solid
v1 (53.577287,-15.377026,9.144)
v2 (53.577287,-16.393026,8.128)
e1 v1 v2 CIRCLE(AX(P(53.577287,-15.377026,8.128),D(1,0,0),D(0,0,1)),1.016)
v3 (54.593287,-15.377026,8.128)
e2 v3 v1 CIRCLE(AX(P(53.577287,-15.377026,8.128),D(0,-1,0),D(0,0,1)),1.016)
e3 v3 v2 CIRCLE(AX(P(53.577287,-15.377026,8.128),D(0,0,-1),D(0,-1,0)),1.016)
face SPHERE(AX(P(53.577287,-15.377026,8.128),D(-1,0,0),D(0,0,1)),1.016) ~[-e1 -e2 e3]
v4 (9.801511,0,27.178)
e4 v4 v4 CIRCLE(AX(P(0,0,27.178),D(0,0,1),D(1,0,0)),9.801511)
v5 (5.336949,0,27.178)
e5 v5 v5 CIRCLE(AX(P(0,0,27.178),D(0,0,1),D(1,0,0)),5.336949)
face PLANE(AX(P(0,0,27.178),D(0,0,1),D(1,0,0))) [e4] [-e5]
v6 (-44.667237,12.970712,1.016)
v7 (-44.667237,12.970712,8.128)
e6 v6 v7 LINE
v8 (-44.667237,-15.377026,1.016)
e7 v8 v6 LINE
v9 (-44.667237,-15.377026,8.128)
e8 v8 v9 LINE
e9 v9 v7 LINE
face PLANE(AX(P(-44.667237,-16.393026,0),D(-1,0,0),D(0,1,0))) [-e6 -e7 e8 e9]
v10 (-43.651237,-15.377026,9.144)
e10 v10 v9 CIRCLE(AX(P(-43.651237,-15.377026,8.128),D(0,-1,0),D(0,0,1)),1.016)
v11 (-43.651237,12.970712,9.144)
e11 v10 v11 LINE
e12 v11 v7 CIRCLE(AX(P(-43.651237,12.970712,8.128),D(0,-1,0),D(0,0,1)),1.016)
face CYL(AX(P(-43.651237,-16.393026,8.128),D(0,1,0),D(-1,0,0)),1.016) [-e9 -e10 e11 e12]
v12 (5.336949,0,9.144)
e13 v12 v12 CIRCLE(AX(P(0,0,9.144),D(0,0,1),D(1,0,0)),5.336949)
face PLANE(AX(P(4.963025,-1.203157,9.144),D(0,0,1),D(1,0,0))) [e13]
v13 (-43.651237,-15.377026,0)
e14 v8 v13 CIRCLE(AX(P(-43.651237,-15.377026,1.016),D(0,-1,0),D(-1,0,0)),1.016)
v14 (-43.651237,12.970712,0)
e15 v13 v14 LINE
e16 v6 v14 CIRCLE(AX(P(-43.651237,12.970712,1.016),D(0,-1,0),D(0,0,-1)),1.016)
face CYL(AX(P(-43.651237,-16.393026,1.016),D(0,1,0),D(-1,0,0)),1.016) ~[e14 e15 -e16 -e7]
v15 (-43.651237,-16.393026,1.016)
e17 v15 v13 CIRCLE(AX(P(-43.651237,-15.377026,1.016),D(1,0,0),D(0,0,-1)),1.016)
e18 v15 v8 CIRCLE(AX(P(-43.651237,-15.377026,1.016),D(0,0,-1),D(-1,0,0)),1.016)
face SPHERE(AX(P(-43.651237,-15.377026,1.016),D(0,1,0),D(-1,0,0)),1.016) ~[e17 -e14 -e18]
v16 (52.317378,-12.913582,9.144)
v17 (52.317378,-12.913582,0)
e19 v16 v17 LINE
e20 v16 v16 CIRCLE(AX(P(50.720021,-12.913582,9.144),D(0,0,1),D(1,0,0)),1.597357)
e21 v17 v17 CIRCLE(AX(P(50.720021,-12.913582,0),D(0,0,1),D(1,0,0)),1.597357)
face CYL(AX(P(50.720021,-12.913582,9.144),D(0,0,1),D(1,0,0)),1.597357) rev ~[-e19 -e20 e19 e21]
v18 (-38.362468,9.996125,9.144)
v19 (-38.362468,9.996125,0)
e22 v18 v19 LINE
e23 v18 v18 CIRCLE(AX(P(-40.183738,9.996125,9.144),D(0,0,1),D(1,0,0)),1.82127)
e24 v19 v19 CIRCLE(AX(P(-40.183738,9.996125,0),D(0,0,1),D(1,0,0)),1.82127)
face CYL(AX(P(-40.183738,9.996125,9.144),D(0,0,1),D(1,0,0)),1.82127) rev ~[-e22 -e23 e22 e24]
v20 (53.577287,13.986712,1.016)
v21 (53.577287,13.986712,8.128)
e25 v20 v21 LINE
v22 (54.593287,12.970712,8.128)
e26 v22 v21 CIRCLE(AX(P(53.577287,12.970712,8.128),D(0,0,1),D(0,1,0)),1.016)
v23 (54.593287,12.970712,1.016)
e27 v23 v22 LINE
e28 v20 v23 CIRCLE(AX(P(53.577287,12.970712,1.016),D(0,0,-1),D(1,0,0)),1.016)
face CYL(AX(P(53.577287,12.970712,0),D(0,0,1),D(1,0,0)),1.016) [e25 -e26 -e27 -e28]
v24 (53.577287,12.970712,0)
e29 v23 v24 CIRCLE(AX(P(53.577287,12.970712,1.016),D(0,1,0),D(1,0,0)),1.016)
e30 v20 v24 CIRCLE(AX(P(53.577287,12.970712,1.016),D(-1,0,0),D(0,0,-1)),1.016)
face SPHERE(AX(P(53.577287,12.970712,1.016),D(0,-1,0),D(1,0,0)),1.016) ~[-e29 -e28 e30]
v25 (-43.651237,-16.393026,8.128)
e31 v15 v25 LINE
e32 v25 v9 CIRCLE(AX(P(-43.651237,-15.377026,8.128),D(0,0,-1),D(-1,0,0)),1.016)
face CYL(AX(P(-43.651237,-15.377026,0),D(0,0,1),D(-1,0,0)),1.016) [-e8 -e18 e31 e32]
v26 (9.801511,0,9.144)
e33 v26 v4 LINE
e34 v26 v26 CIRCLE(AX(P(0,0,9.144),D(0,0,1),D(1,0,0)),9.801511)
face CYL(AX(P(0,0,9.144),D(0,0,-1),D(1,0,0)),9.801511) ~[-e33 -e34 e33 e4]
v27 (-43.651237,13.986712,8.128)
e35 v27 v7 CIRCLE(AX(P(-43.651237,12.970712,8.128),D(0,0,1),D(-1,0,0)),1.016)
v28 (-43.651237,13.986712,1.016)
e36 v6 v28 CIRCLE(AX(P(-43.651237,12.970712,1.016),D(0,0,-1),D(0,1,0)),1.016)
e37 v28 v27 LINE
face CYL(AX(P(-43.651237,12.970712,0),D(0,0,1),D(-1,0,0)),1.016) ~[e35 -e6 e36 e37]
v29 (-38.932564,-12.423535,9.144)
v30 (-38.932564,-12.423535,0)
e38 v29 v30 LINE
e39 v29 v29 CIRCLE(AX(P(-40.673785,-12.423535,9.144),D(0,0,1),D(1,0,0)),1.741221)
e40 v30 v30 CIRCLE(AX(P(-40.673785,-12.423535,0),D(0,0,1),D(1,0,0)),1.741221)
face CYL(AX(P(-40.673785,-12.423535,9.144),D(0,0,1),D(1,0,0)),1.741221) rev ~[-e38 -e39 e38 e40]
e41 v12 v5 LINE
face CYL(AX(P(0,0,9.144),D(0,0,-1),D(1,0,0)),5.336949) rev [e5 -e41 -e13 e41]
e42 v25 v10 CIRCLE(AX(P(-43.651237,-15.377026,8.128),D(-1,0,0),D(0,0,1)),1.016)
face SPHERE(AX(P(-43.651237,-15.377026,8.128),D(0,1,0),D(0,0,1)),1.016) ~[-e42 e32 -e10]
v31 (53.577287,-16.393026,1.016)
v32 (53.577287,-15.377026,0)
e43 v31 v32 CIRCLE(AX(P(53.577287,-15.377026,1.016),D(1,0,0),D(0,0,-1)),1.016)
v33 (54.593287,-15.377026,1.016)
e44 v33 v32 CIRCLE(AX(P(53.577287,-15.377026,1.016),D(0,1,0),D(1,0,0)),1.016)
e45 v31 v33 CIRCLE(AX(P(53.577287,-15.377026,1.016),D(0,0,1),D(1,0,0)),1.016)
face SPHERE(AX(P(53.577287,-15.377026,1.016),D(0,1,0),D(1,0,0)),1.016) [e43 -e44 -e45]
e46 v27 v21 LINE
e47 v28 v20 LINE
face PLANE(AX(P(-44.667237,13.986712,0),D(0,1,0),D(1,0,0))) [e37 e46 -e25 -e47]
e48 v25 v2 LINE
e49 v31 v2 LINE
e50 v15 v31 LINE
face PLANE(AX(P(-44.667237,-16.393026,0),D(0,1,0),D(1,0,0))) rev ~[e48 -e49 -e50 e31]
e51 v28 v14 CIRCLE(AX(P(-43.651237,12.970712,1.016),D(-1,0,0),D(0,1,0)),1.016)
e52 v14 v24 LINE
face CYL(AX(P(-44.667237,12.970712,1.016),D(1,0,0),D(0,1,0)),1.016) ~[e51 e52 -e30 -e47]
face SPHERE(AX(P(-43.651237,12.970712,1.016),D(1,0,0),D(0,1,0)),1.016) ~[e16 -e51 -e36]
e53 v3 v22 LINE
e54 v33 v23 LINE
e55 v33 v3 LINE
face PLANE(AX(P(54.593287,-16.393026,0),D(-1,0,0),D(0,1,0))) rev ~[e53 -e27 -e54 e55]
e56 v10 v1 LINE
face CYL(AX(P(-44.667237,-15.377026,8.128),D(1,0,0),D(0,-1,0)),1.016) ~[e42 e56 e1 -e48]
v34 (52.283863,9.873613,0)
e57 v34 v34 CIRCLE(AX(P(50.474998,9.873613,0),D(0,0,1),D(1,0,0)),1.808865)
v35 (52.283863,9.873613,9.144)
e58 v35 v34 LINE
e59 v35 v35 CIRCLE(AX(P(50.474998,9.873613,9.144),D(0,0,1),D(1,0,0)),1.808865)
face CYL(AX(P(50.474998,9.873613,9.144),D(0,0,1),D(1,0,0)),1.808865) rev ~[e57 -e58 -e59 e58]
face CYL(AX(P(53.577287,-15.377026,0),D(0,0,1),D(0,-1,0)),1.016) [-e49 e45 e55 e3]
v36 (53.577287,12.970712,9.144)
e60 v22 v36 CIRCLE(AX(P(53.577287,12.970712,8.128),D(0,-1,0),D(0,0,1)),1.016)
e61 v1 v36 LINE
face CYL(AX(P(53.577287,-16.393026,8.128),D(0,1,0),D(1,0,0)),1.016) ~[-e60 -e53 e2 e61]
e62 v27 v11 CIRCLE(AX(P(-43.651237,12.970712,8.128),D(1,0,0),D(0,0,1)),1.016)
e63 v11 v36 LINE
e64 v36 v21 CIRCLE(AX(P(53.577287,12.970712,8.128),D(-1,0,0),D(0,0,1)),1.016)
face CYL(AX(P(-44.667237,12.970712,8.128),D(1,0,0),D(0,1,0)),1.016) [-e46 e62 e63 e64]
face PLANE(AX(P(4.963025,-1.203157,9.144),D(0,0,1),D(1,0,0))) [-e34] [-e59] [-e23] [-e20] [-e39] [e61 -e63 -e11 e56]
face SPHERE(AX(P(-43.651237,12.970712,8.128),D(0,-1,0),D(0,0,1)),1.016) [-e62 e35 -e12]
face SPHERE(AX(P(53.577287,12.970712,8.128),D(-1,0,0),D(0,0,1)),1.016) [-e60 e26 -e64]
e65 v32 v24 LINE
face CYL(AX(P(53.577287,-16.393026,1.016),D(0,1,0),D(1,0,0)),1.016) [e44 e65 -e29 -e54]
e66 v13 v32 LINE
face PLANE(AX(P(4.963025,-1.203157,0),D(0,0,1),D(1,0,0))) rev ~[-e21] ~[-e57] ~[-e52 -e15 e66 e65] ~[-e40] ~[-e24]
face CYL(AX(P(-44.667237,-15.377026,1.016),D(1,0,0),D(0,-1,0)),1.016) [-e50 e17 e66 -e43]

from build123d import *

# Parameters (mm, degrees)
F0_W     = 99.260524
F0_H     = 30.379737
F1_DEPTH = 9.144
F2_R     = 1.016
F3_R     = 1.597357
F3_R_2   = 1.808865
F3_R_3   = 1.82127
F3_R_4   = 1.741221
F4_DEPTH = 9.145
F3_R_5   = 9.801511
F3_R_6   = 5.336949
F5_DEPTH = 18.034


with BuildPart() as f1:
    # F0 (on Top) → F1 (new body)
    with BuildSketch(Plane.XY):
        with Locations((4.963025, -1.203157)):
            Rectangle(F0_W, F0_H)
    extrude(amount=F1_DEPTH)

    # F2
    f2_edges = [f1.edges().sort_by_distance(p)[0] for p in [
        (-44.667237, -1.203157, 9.144),
        (4.963025, 13.986711, 9.144),
        (4.963025, -16.393026, 9.144),
        (54.593287, -1.203157, 9.144),
        (54.593287, -1.203157, 0),
        (54.593287, 13.986711, 4.572),
        (54.593287, -16.393026, 4.572),
        (4.963025, 13.986711, 0),
        (-44.667237, 13.986711, 4.572),
        (-44.667237, -1.203157, 0),
        (-44.667237, -16.393026, 4.572),
        (4.963025, -16.393026, 0),
    ]]
    fillet(f2_edges, radius=F2_R)

    # F3 (on face) → F4 (cut, through all)
    with BuildSketch(Plane.XY.offset(9.144)):
        with Locations((50.720021, -12.913582)):
            Circle(F3_R)
        with Locations((50.474998, 9.873613)):
            Circle(F3_R_2)
        with Locations((-40.183738, 9.996125)):
            Circle(F3_R_3)
        with Locations((-40.673785, -12.423535)):
            Circle(F3_R_4)
    extrude(amount=-F4_DEPTH, mode=Mode.SUBTRACT)

    # F3 (on face) → F5 (join)
    with BuildSketch(Plane.XY.offset(9.144)):
        Circle(F3_R_5)
        Circle(F3_R_6, mode=Mode.SUBTRACT)
    extrude(amount=F5_DEPTH)


solid = f1.part
